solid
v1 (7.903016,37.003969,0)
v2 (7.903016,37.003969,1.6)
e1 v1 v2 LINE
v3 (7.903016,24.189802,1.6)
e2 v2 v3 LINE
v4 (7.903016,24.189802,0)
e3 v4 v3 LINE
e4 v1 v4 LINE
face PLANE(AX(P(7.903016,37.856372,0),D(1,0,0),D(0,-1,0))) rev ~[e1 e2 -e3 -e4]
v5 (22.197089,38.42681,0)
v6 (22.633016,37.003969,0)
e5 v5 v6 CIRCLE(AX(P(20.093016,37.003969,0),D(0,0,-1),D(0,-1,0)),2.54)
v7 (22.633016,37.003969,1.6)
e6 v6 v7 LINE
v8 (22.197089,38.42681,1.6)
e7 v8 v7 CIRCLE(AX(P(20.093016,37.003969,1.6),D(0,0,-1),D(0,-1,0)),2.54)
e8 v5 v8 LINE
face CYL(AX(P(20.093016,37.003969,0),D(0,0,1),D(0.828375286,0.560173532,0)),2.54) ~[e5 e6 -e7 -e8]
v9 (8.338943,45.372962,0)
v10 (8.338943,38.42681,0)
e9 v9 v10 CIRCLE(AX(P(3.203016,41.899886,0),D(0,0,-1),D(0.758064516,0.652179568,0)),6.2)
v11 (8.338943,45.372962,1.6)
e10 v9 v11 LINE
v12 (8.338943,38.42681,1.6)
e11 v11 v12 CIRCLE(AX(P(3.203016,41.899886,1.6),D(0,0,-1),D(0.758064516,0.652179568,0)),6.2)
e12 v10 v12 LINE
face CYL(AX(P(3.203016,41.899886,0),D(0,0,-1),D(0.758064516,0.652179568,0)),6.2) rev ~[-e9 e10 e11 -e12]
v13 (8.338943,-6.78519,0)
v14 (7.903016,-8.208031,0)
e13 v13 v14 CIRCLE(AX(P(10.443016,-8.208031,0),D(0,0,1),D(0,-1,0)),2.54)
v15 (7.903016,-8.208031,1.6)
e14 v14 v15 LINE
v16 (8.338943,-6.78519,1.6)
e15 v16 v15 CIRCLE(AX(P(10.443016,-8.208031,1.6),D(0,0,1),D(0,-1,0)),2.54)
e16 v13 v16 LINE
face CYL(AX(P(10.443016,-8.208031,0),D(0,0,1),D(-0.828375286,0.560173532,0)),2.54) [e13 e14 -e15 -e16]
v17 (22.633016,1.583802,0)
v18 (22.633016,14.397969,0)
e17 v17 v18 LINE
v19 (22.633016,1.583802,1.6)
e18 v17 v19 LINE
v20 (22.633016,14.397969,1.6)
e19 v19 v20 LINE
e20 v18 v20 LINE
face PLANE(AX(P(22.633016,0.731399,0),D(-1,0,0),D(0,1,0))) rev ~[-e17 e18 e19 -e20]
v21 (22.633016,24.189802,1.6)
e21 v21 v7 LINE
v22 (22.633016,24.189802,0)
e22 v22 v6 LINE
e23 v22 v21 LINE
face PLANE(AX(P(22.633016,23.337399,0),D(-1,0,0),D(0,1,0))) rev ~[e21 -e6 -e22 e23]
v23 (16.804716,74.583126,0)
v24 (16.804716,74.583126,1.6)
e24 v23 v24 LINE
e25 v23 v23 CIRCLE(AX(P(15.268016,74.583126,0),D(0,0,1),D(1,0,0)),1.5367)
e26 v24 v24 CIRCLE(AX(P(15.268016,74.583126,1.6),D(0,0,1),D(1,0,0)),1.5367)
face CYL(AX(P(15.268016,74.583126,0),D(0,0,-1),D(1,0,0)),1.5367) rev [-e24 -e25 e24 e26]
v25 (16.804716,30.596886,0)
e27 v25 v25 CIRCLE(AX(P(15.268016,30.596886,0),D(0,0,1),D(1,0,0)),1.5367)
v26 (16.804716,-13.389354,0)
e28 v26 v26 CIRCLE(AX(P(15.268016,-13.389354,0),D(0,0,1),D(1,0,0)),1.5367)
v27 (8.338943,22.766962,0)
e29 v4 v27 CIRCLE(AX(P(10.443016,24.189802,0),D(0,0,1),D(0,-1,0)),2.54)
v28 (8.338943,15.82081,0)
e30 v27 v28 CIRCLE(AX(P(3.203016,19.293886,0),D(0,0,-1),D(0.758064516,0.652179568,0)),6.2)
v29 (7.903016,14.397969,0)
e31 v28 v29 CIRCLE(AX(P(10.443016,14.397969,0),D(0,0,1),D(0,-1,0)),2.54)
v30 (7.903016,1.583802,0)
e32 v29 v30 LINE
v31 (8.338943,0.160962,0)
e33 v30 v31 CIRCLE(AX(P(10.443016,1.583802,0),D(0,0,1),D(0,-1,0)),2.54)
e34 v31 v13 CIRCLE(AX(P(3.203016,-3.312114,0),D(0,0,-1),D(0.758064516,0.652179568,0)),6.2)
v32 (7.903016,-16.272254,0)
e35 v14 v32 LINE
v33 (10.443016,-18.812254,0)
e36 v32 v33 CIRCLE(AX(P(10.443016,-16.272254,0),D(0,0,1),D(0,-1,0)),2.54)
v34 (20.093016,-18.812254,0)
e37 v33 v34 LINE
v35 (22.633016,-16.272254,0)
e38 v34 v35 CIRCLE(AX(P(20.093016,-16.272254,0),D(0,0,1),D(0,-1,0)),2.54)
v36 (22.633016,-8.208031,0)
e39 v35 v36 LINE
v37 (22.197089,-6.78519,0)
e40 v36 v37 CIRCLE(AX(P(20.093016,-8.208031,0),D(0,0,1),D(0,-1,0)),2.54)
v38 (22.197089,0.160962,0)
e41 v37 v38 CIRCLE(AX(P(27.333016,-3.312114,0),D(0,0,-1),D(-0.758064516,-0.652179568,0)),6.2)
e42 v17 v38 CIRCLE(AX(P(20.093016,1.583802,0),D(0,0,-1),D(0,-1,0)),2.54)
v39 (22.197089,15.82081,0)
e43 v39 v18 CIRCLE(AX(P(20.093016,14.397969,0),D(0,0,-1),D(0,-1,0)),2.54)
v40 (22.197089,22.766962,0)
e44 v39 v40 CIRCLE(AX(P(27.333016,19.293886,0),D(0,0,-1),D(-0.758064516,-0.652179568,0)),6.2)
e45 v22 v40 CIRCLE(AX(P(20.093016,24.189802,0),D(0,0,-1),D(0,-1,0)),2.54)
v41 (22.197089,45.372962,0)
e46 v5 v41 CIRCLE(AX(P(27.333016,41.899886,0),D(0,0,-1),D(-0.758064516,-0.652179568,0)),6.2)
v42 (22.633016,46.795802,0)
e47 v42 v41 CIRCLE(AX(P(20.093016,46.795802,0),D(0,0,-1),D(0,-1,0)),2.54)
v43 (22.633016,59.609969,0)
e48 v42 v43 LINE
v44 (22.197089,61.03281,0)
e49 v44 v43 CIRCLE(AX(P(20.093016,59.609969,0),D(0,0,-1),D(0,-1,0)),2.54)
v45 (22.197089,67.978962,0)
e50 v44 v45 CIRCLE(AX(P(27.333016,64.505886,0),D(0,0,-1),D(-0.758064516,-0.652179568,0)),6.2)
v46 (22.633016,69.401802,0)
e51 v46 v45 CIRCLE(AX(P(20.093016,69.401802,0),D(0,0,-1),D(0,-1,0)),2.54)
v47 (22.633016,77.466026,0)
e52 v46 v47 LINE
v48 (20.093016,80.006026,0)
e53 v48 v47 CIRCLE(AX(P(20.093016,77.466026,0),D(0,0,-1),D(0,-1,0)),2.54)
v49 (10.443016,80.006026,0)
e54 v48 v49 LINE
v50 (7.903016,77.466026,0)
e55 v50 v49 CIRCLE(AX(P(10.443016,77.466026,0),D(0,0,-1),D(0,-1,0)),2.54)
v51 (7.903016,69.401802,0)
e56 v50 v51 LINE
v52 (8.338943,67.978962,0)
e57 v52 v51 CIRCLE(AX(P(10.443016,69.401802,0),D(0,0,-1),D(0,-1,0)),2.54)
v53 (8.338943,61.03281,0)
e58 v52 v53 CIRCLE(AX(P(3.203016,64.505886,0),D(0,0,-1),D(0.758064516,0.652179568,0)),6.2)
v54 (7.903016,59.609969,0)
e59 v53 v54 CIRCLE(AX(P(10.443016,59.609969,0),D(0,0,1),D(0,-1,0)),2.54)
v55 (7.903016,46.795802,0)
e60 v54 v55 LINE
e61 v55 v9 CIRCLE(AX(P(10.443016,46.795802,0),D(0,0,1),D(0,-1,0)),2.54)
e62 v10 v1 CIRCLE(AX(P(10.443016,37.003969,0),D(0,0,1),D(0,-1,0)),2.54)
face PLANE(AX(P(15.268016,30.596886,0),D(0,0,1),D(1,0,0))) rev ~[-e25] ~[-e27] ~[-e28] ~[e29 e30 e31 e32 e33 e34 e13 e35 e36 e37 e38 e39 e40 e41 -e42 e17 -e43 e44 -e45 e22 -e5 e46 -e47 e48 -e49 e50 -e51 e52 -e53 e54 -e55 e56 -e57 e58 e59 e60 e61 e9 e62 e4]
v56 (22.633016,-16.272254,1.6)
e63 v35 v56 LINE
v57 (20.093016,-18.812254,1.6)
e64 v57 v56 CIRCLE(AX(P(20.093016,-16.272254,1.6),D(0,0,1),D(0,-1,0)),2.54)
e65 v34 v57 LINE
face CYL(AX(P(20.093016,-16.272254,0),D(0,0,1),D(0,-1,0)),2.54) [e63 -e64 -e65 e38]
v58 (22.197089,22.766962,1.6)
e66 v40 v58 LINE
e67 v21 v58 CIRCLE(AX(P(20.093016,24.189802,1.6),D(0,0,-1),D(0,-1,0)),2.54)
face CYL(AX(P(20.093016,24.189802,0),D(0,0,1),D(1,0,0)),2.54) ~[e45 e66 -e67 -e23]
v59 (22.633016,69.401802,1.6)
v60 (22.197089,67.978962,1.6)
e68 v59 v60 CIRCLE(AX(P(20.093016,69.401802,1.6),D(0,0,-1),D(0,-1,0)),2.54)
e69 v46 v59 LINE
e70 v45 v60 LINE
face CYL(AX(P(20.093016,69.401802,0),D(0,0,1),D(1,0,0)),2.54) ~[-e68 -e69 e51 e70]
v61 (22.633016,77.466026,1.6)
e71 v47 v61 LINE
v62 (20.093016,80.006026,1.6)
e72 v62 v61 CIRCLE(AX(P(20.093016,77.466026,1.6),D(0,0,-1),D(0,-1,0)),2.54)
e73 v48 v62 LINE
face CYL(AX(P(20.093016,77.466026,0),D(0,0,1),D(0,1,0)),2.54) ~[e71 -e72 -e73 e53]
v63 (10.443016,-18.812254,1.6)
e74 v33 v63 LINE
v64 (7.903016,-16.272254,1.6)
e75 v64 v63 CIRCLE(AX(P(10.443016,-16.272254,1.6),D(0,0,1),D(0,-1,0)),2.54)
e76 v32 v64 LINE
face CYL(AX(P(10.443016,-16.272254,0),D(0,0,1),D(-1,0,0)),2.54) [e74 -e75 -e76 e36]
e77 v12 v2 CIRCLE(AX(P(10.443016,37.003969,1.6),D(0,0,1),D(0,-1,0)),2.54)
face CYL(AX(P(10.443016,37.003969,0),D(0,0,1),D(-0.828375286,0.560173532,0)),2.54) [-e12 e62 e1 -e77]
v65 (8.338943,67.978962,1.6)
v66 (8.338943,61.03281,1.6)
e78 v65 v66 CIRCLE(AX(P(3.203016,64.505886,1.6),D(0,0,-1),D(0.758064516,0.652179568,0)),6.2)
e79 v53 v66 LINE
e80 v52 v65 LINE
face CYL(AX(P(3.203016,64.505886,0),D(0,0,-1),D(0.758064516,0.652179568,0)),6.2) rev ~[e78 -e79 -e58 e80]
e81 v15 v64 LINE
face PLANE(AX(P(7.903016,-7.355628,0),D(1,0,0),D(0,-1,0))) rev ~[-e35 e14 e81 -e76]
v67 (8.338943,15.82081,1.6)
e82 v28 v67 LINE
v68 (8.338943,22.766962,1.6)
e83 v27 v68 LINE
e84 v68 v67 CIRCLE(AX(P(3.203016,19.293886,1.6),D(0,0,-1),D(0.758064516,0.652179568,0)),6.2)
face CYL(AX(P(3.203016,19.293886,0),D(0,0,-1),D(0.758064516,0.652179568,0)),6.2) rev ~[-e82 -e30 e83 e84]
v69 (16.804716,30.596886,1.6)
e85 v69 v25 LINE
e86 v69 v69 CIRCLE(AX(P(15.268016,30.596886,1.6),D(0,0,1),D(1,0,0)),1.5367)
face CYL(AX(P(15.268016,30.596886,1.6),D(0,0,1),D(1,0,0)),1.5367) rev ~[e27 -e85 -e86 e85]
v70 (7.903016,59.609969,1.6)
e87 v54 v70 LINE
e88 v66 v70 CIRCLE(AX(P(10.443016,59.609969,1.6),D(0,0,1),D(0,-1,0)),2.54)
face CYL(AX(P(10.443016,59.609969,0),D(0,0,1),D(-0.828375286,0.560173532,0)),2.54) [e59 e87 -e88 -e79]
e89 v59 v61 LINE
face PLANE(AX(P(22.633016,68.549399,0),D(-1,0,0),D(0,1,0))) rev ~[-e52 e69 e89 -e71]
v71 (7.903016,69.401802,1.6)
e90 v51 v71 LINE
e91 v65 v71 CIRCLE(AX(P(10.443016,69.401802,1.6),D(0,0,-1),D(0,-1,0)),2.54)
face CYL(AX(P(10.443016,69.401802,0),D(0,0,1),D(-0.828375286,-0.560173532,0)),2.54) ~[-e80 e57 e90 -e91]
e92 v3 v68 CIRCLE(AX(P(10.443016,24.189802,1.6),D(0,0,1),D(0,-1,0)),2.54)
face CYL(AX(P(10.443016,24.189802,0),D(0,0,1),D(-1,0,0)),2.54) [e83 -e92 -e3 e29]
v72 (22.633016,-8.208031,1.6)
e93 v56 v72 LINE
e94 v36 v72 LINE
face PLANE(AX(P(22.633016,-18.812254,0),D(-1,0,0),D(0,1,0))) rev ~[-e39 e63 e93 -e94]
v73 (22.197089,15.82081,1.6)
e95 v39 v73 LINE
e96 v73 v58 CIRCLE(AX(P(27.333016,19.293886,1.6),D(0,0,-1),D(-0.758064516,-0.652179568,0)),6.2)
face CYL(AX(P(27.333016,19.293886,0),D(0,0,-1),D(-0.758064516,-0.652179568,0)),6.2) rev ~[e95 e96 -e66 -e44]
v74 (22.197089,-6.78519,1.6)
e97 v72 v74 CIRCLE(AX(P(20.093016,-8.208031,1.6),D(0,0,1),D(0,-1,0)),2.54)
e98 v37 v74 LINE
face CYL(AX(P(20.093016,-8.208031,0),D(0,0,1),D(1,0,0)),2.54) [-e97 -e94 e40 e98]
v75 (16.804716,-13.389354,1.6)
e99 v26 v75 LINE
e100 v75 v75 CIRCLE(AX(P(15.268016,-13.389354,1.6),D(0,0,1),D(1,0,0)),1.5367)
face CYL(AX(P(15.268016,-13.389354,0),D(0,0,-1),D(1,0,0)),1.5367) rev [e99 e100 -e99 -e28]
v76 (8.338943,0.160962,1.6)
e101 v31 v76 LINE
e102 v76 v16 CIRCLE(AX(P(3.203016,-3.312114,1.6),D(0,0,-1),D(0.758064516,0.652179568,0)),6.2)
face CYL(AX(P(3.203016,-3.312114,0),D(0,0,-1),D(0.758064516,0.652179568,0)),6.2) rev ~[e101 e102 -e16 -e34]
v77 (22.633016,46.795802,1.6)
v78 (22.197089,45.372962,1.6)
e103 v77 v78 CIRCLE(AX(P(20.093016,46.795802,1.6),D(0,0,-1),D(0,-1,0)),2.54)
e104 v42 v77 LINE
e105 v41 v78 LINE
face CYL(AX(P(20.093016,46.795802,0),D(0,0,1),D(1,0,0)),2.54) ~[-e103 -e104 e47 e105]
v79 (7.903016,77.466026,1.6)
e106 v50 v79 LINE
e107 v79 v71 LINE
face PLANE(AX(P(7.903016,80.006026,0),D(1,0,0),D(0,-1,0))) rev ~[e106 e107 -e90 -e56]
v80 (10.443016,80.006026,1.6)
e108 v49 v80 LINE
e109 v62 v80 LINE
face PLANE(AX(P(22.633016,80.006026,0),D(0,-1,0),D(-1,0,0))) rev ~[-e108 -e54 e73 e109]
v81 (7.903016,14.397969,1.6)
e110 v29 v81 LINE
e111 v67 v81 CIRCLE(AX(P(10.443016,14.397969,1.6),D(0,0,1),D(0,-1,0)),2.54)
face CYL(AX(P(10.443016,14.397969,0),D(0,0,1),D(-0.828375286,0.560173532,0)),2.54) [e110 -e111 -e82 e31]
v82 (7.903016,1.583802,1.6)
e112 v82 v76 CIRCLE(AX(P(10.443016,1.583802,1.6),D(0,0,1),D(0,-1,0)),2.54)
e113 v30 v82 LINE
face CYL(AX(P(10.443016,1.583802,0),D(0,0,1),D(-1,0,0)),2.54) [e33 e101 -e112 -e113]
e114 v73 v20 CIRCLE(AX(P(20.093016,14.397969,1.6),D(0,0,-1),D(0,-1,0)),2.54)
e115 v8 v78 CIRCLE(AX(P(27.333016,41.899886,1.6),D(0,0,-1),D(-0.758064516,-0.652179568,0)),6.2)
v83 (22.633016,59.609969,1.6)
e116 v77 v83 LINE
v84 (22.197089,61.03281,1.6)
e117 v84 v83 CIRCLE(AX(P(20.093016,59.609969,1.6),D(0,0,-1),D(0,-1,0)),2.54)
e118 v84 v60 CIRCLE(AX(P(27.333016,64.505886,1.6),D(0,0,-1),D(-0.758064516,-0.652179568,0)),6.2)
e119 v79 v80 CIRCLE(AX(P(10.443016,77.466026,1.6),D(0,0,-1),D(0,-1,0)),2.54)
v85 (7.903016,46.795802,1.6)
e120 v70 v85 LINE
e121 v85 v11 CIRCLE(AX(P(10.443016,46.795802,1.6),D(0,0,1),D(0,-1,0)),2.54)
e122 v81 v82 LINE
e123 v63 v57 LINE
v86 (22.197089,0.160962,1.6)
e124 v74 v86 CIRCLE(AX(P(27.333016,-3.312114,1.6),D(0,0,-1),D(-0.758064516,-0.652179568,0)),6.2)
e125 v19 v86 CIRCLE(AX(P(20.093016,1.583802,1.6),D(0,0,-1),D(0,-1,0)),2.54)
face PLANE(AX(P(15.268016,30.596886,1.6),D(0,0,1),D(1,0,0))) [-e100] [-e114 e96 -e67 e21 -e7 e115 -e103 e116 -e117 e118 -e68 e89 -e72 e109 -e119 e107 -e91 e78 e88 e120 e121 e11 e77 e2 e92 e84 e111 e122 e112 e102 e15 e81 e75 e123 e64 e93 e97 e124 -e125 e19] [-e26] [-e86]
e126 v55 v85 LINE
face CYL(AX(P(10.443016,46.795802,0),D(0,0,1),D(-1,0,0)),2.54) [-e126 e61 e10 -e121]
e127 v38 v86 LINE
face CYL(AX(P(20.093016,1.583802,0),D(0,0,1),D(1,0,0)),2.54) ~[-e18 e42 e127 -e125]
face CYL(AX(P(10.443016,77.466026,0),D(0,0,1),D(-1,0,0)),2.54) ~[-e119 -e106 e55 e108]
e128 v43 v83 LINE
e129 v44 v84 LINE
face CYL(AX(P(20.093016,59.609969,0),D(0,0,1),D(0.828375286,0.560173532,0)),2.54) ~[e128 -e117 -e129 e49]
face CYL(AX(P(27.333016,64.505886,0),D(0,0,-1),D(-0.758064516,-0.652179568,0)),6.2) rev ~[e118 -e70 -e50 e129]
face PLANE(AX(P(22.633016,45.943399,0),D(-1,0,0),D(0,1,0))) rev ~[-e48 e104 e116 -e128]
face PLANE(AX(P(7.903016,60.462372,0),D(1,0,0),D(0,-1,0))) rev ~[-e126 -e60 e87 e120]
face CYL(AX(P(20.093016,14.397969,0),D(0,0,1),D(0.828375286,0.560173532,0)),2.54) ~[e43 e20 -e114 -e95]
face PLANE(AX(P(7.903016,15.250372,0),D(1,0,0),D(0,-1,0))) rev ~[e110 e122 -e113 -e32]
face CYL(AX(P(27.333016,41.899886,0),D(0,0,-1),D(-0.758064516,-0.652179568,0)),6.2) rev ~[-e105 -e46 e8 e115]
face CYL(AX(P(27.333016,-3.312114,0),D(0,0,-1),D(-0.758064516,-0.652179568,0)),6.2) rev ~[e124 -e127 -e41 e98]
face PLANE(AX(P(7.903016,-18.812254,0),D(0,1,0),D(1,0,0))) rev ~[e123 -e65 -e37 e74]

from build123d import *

# Parameters (mm, degrees)
SKETCH1_R           = 1.5367
BOSS_EXTRUDE1_DEPTH = 1.6
FILLET1_R           = 2.54
SKETCH3_R           = 1.5367
CUT_EXTRUDE1_DEPTH  = 2.6


with BuildPart() as part:
    # Sketch1 → Boss-Extrude1 (new body)
    with BuildSketch(Plane.XY):
        with BuildLine():
            Line((7.903015948, 75.005885785), (7.903015948, 68.549399108))
            ThreePointArc((7.903015948, 68.549399108), (9.403015948, 64.505885785), (7.903015948, 60.462372462))
            Line((7.903015948, 60.462372462), (7.903015948, 45.943399108))
            ThreePointArc((7.903015948, 45.943399108), (9.403015948, 41.899885785), (7.903015948, 37.856372462))
            Line((7.903015948, 37.856372462), (7.903015948, 23.337399108))
            ThreePointArc((7.903015948, 23.337399108), (9.403015948, 19.293885785), (7.903015948, 15.250372462))
            Line((7.903015948, 15.250372462), (7.903015948, 0.731399108))
            ThreePointArc((7.903015948, 0.731399108), (9.403015948, -3.312114215), (7.903015948, -7.355627538))
            Line((7.903015948, -7.355627538), (7.903015948, -13.812114215))
            Line((7.903015948, -13.812114215), (7.903015948, -18.812254411))
            Line((7.903015948, -18.812254411), (22.633015952, -18.812254411))
            Line((22.633015952, -18.812254411), (22.633015952, -13.812114215))
            Line((22.633015952, -13.812114215), (22.633015952, -7.355627538))
            ThreePointArc((22.633015952, -7.355627538), (21.133015952, -3.312114215), (22.633015952, 0.731399108))
            Line((22.633015952, 0.731399108), (22.633015952, 15.250372462))
            ThreePointArc((22.633015952, 15.250372462), (21.133015952, 19.293885785), (22.633015952, 23.337399108))
            Line((22.633015952, 23.337399108), (22.633015952, 37.856372462))
            ThreePointArc((22.633015952, 37.856372462), (21.133015952, 41.899885785), (22.633015952, 45.943399108))
            Line((22.633015952, 45.943399108), (22.633015952, 60.462372462))
            ThreePointArc((22.633015952, 60.462372462), (21.133015952, 64.505885785), (22.633015952, 68.549399108))
            Line((22.633015952, 68.549399108), (22.633015952, 75.005885785))
            Line((22.633015952, 75.005885785), (22.633015952, 80.006025981))
            Line((22.633015952, 80.006025981), (7.903015948, 80.006025981))
            Line((7.903015948, 80.006025981), (7.903015948, 75.005885785))
        make_face()
        with Locations((15.26801595, 74.583125981)):
            Circle(SKETCH1_R, mode=Mode.SUBTRACT)
        with Locations((15.26801595, -13.389354411)):
            Circle(SKETCH1_R, mode=Mode.SUBTRACT)
    extrude(amount=BOSS_EXTRUDE1_DEPTH)

    # Fillet1
    fillet1_edges = [part.edges().sort_by_distance(p)[0] for p in [
        (7.903015948, 80.006025981, 0.8),
        (22.633015952, 80.006025981, 0.8),
        (22.633015952, 68.549399108, 0.8),
        (22.633015952, 60.462372462, 0.8),
        (22.633015952, 45.943399108, 0.8),
        (22.633015952, 37.856372462, 0.8),
        (22.633015952, 23.337399108, 0.8),
        (22.633015952, 15.250372462, 0.8),
        (22.633015952, 0.731399108, 0.8),
        (22.633015952, -7.355627538, 0.8),
        (22.633015952, -18.812254411, 0.8),
        (7.903015948, -18.812254411, 0.8),
        (7.903015948, -7.355627538, 0.8),
        (7.903015948, 0.731399108, 0.8),
        (7.903015948, 15.250372462, 0.8),
        (7.903015948, 23.337399108, 0.8),
        (7.903015948, 37.856372462, 0.8),
        (7.903015948, 45.943399108, 0.8),
        (7.903015948, 60.462372462, 0.8),
        (7.903015948, 68.549399108, 0.8),
    ]]
    fillet(fillet1_edges, radius=FILLET1_R)

    # Sketch3 → Cut-Extrude1 (cut, through all)
    with BuildSketch(Plane.XY.offset(1.6)):
        with Locations((15.26801595, 30.596885785)):
            Circle(SKETCH3_R)
    extrude(amount=-CUT_EXTRUDE1_DEPTH, mode=Mode.SUBTRACT)


solid = part.part
